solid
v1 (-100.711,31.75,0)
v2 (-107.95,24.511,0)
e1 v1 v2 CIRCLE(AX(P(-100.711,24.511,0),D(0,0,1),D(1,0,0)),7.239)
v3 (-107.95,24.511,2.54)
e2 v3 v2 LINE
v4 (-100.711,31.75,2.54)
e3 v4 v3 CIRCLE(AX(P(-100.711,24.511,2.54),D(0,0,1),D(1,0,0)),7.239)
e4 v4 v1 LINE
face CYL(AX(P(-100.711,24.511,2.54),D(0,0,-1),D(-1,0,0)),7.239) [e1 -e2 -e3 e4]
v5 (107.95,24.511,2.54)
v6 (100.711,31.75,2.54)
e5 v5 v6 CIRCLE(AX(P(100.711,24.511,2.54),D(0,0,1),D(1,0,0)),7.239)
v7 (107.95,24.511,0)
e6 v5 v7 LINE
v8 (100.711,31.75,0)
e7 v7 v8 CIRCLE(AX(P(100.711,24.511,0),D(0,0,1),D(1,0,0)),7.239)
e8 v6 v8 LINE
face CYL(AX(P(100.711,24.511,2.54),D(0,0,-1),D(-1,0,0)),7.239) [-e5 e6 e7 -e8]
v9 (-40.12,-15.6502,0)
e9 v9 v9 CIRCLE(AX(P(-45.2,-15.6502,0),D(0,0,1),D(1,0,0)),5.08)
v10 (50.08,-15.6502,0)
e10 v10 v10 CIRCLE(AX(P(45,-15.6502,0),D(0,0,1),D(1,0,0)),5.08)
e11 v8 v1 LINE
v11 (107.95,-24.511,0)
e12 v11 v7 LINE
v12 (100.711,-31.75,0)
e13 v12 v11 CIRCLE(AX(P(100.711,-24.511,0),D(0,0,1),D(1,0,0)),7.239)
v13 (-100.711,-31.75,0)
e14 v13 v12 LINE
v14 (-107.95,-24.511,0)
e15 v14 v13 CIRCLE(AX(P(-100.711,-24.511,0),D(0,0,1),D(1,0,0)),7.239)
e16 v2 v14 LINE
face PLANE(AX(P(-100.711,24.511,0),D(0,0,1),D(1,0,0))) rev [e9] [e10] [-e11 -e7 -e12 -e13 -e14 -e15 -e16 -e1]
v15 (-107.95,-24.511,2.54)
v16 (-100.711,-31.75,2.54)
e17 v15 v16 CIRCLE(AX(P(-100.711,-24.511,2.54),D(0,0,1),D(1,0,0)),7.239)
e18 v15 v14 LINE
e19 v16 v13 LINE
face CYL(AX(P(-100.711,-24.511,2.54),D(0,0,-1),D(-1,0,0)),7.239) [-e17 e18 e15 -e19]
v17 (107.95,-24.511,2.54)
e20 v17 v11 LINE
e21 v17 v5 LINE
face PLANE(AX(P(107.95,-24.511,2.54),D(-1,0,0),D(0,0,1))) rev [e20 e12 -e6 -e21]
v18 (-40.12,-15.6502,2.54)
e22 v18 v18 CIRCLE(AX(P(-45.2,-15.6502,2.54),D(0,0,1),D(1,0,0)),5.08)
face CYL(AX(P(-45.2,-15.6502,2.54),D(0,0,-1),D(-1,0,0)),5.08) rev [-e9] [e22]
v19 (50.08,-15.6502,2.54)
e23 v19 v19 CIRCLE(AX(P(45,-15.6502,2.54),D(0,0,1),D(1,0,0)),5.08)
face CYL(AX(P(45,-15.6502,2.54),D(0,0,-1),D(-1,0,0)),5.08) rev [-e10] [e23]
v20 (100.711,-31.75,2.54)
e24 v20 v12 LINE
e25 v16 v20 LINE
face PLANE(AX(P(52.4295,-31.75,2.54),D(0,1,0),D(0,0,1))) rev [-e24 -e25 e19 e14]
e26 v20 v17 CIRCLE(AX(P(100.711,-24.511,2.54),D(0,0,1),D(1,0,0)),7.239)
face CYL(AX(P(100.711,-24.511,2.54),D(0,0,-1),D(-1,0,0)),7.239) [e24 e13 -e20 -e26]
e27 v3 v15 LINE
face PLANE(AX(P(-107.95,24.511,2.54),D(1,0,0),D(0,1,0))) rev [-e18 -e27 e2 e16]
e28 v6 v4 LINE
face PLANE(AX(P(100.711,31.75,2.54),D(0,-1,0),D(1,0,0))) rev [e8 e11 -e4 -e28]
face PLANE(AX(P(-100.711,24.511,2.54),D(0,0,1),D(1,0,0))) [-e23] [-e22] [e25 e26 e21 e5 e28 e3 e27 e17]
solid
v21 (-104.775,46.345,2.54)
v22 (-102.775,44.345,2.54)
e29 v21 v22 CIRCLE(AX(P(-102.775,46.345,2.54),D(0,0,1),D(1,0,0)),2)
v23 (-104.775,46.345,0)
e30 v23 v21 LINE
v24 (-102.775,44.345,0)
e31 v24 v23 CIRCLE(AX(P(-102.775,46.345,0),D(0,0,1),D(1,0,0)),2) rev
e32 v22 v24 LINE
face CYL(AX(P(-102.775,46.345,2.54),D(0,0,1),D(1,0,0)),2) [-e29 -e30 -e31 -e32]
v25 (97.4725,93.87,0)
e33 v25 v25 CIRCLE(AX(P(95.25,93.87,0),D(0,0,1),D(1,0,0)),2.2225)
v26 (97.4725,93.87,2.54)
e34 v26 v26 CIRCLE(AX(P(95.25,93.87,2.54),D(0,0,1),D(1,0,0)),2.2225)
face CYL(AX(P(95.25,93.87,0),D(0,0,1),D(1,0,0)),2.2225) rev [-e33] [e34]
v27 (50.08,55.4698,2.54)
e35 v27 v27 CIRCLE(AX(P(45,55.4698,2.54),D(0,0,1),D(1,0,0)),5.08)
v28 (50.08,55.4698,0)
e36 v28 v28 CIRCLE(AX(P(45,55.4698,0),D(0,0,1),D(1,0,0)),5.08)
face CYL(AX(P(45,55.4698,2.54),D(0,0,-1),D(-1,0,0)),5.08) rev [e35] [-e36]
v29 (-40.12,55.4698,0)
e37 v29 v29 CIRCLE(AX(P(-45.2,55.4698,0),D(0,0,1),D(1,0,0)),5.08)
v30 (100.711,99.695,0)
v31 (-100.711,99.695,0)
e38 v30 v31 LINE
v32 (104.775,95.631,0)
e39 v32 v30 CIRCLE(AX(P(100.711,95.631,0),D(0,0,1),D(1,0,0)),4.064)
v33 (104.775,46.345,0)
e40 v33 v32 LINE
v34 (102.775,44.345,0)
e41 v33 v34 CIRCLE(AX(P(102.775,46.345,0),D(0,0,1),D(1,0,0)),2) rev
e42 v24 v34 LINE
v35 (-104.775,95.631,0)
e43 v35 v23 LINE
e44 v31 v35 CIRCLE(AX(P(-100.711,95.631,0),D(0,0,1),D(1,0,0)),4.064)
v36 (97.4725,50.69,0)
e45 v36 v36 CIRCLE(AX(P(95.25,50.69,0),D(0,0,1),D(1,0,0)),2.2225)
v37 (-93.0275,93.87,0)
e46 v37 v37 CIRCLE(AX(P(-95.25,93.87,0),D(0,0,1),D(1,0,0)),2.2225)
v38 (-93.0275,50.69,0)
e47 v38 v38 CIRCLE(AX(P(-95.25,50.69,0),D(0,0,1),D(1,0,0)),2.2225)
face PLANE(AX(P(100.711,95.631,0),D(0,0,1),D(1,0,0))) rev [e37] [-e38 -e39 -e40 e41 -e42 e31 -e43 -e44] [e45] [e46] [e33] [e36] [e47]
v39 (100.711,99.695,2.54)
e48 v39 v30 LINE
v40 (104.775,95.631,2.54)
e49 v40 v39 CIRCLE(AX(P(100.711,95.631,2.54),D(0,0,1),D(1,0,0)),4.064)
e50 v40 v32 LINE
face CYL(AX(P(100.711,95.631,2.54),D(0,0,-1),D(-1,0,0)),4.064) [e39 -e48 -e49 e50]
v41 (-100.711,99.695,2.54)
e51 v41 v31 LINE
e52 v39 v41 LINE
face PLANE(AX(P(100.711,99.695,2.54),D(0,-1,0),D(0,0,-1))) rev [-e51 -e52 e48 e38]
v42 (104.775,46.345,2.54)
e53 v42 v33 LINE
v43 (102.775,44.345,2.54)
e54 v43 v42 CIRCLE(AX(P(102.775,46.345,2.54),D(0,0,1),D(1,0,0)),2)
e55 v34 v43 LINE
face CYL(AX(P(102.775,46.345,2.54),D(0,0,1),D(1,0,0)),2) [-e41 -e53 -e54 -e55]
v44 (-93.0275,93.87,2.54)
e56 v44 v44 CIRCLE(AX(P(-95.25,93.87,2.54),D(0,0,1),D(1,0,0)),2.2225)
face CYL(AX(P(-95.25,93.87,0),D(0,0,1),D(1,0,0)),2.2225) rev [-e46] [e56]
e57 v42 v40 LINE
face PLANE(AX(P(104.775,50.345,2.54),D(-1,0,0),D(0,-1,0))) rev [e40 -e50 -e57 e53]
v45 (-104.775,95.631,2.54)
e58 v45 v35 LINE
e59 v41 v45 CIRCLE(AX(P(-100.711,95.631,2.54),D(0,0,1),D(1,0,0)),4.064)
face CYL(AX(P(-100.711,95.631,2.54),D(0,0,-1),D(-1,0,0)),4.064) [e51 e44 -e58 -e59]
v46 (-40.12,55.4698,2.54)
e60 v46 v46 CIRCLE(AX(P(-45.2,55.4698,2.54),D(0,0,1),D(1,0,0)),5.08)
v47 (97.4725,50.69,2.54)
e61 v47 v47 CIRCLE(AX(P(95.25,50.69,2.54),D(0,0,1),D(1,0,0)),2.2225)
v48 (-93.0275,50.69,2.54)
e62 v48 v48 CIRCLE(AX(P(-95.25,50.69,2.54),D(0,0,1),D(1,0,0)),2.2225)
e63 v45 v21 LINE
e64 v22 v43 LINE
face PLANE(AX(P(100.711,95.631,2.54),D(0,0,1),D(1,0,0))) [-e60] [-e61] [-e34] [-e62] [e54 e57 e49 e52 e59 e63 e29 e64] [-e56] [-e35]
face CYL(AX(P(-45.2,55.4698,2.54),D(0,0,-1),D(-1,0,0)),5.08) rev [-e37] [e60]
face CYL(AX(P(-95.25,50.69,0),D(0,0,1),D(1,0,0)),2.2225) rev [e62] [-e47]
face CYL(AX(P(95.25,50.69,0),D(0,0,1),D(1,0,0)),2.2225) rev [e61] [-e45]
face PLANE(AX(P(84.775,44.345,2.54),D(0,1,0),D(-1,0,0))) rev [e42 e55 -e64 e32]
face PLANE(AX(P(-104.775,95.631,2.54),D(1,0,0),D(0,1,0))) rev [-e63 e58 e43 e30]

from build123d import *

# Parameters (mm, degrees)
SKETCH1_R             = 5.08
BOSS_EXTRUDE1_DEPTH   = 2.54
BOSS_EXTRUDE1_2_DEPTH = 2.54
SKETCH9_W             = 20
SKETCH9_H             = 6
BOSS_EXTRUDE4_DEPTH   = 2.54
FILLET1_R             = 2
SKETCH10_R            = 2.2225
CUT_EXTRUDE5_DEPTH    = 147.965122138


with BuildPart() as part:
    # Sketch1 → Boss-Extrude1 (new body)
    with BuildSketch(Plane.XY):
        with BuildLine():
            Line((-52.6295, -31.75), (-37.7705, -31.75))
            Line((-37.7705, -31.75), (37.5705, -31.75))
            Line((37.5705, -31.75), (52.4295, -31.75))
            Line((52.4295, -31.75), (100.711, -31.75))
            ThreePointArc((100.711, -31.75), (105.829745989, -29.629745989), (107.95, -24.511))
            Line((107.95, -24.511), (107.95, 24.511))
            ThreePointArc((107.95, 24.511), (105.829745989, 29.629745989), (100.711, 31.75))
            Line((100.711, 31.75), (-100.711, 31.75))
            ThreePointArc((-100.711, 31.75), (-105.829745989, 29.629745989), (-107.95, 24.511))
            Line((-107.95, 24.511), (-107.95, -24.511))
            ThreePointArc((-107.95, -24.511), (-105.829745989, -29.629745989), (-100.711, -31.75))
            Line((-100.711, -31.75), (-52.6295, -31.75))
        make_face()
        with Locations((-45.2, -15.6502)):
            Circle(SKETCH1_R, mode=Mode.SUBTRACT)
        with Locations((45, -15.6502)):
            Circle(SKETCH1_R, mode=Mode.SUBTRACT)
    extrude(amount=BOSS_EXTRUDE1_DEPTH)


with BuildPart() as body_2:
    # Sketch1 → Boss-Extrude1 2 (new body)
    with BuildSketch(Plane.XY):
        with BuildLine():
            Line((100.711, 99.695), (-100.711, 99.695))
            ThreePointArc((-100.711, 99.695), (-103.584681959, 98.504681959), (-104.775, 95.631))
            Line((-104.775, 95.631), (-104.775, 50.345))
            Line((-104.775, 50.345), (-84.775, 50.345))
            Line((-84.775, 50.345), (-84.775, 44.345))
            Line((-84.775, 44.345), (84.775, 44.345))
            Line((84.775, 44.345), (84.775, 50.345))
            Line((84.775, 50.345), (104.775, 50.345))
            Line((104.775, 50.345), (104.775, 95.631))
            ThreePointArc((104.775, 95.631), (103.584681959, 98.504681959), (100.711, 99.695))
        make_face()
        with Locations((-45.2, 55.4698)):
            Circle(SKETCH1_R, mode=Mode.SUBTRACT)
        with Locations((45, 55.4698)):
            Circle(SKETCH1_R, mode=Mode.SUBTRACT)
    extrude(amount=BOSS_EXTRUDE1_2_DEPTH)

    # Sketch9 → Boss-Extrude4 (add)
    with BuildSketch(Plane.XY.offset(2.54)):
        with Locations((-94.775, 47.345)):
            Rectangle(SKETCH9_W, SKETCH9_H)
        with Locations((94.775, 47.345)):
            Rectangle(SKETCH9_W, SKETCH9_H)
    extrude(amount=-BOSS_EXTRUDE4_DEPTH)

    # Fillet1
    fillet1_edges = [body_2.edges().sort_by_distance(p)[0] for p in [
        (-104.775, 44.345, 1.27),
        (104.775, 44.345, 1.27),
    ]]
    fillet(fillet1_edges, radius=FILLET1_R)

    # Sketch10 → Cut-Extrude5 (cut, through all)
    with BuildSketch(Plane.XY.offset(2.54)):
        with Locations((95.25, 93.87)):
            Circle(SKETCH10_R)
        with Locations((95.25, 50.69)):
            Circle(SKETCH10_R)
        with Locations((-95.25, 50.69)):
            Circle(SKETCH10_R)
        with Locations((-95.25, 93.87)):
            Circle(SKETCH10_R)
    extrude(amount=-CUT_EXTRUDE5_DEPTH, mode=Mode.SUBTRACT)


solid = Compound([part.part, body_2.part])
